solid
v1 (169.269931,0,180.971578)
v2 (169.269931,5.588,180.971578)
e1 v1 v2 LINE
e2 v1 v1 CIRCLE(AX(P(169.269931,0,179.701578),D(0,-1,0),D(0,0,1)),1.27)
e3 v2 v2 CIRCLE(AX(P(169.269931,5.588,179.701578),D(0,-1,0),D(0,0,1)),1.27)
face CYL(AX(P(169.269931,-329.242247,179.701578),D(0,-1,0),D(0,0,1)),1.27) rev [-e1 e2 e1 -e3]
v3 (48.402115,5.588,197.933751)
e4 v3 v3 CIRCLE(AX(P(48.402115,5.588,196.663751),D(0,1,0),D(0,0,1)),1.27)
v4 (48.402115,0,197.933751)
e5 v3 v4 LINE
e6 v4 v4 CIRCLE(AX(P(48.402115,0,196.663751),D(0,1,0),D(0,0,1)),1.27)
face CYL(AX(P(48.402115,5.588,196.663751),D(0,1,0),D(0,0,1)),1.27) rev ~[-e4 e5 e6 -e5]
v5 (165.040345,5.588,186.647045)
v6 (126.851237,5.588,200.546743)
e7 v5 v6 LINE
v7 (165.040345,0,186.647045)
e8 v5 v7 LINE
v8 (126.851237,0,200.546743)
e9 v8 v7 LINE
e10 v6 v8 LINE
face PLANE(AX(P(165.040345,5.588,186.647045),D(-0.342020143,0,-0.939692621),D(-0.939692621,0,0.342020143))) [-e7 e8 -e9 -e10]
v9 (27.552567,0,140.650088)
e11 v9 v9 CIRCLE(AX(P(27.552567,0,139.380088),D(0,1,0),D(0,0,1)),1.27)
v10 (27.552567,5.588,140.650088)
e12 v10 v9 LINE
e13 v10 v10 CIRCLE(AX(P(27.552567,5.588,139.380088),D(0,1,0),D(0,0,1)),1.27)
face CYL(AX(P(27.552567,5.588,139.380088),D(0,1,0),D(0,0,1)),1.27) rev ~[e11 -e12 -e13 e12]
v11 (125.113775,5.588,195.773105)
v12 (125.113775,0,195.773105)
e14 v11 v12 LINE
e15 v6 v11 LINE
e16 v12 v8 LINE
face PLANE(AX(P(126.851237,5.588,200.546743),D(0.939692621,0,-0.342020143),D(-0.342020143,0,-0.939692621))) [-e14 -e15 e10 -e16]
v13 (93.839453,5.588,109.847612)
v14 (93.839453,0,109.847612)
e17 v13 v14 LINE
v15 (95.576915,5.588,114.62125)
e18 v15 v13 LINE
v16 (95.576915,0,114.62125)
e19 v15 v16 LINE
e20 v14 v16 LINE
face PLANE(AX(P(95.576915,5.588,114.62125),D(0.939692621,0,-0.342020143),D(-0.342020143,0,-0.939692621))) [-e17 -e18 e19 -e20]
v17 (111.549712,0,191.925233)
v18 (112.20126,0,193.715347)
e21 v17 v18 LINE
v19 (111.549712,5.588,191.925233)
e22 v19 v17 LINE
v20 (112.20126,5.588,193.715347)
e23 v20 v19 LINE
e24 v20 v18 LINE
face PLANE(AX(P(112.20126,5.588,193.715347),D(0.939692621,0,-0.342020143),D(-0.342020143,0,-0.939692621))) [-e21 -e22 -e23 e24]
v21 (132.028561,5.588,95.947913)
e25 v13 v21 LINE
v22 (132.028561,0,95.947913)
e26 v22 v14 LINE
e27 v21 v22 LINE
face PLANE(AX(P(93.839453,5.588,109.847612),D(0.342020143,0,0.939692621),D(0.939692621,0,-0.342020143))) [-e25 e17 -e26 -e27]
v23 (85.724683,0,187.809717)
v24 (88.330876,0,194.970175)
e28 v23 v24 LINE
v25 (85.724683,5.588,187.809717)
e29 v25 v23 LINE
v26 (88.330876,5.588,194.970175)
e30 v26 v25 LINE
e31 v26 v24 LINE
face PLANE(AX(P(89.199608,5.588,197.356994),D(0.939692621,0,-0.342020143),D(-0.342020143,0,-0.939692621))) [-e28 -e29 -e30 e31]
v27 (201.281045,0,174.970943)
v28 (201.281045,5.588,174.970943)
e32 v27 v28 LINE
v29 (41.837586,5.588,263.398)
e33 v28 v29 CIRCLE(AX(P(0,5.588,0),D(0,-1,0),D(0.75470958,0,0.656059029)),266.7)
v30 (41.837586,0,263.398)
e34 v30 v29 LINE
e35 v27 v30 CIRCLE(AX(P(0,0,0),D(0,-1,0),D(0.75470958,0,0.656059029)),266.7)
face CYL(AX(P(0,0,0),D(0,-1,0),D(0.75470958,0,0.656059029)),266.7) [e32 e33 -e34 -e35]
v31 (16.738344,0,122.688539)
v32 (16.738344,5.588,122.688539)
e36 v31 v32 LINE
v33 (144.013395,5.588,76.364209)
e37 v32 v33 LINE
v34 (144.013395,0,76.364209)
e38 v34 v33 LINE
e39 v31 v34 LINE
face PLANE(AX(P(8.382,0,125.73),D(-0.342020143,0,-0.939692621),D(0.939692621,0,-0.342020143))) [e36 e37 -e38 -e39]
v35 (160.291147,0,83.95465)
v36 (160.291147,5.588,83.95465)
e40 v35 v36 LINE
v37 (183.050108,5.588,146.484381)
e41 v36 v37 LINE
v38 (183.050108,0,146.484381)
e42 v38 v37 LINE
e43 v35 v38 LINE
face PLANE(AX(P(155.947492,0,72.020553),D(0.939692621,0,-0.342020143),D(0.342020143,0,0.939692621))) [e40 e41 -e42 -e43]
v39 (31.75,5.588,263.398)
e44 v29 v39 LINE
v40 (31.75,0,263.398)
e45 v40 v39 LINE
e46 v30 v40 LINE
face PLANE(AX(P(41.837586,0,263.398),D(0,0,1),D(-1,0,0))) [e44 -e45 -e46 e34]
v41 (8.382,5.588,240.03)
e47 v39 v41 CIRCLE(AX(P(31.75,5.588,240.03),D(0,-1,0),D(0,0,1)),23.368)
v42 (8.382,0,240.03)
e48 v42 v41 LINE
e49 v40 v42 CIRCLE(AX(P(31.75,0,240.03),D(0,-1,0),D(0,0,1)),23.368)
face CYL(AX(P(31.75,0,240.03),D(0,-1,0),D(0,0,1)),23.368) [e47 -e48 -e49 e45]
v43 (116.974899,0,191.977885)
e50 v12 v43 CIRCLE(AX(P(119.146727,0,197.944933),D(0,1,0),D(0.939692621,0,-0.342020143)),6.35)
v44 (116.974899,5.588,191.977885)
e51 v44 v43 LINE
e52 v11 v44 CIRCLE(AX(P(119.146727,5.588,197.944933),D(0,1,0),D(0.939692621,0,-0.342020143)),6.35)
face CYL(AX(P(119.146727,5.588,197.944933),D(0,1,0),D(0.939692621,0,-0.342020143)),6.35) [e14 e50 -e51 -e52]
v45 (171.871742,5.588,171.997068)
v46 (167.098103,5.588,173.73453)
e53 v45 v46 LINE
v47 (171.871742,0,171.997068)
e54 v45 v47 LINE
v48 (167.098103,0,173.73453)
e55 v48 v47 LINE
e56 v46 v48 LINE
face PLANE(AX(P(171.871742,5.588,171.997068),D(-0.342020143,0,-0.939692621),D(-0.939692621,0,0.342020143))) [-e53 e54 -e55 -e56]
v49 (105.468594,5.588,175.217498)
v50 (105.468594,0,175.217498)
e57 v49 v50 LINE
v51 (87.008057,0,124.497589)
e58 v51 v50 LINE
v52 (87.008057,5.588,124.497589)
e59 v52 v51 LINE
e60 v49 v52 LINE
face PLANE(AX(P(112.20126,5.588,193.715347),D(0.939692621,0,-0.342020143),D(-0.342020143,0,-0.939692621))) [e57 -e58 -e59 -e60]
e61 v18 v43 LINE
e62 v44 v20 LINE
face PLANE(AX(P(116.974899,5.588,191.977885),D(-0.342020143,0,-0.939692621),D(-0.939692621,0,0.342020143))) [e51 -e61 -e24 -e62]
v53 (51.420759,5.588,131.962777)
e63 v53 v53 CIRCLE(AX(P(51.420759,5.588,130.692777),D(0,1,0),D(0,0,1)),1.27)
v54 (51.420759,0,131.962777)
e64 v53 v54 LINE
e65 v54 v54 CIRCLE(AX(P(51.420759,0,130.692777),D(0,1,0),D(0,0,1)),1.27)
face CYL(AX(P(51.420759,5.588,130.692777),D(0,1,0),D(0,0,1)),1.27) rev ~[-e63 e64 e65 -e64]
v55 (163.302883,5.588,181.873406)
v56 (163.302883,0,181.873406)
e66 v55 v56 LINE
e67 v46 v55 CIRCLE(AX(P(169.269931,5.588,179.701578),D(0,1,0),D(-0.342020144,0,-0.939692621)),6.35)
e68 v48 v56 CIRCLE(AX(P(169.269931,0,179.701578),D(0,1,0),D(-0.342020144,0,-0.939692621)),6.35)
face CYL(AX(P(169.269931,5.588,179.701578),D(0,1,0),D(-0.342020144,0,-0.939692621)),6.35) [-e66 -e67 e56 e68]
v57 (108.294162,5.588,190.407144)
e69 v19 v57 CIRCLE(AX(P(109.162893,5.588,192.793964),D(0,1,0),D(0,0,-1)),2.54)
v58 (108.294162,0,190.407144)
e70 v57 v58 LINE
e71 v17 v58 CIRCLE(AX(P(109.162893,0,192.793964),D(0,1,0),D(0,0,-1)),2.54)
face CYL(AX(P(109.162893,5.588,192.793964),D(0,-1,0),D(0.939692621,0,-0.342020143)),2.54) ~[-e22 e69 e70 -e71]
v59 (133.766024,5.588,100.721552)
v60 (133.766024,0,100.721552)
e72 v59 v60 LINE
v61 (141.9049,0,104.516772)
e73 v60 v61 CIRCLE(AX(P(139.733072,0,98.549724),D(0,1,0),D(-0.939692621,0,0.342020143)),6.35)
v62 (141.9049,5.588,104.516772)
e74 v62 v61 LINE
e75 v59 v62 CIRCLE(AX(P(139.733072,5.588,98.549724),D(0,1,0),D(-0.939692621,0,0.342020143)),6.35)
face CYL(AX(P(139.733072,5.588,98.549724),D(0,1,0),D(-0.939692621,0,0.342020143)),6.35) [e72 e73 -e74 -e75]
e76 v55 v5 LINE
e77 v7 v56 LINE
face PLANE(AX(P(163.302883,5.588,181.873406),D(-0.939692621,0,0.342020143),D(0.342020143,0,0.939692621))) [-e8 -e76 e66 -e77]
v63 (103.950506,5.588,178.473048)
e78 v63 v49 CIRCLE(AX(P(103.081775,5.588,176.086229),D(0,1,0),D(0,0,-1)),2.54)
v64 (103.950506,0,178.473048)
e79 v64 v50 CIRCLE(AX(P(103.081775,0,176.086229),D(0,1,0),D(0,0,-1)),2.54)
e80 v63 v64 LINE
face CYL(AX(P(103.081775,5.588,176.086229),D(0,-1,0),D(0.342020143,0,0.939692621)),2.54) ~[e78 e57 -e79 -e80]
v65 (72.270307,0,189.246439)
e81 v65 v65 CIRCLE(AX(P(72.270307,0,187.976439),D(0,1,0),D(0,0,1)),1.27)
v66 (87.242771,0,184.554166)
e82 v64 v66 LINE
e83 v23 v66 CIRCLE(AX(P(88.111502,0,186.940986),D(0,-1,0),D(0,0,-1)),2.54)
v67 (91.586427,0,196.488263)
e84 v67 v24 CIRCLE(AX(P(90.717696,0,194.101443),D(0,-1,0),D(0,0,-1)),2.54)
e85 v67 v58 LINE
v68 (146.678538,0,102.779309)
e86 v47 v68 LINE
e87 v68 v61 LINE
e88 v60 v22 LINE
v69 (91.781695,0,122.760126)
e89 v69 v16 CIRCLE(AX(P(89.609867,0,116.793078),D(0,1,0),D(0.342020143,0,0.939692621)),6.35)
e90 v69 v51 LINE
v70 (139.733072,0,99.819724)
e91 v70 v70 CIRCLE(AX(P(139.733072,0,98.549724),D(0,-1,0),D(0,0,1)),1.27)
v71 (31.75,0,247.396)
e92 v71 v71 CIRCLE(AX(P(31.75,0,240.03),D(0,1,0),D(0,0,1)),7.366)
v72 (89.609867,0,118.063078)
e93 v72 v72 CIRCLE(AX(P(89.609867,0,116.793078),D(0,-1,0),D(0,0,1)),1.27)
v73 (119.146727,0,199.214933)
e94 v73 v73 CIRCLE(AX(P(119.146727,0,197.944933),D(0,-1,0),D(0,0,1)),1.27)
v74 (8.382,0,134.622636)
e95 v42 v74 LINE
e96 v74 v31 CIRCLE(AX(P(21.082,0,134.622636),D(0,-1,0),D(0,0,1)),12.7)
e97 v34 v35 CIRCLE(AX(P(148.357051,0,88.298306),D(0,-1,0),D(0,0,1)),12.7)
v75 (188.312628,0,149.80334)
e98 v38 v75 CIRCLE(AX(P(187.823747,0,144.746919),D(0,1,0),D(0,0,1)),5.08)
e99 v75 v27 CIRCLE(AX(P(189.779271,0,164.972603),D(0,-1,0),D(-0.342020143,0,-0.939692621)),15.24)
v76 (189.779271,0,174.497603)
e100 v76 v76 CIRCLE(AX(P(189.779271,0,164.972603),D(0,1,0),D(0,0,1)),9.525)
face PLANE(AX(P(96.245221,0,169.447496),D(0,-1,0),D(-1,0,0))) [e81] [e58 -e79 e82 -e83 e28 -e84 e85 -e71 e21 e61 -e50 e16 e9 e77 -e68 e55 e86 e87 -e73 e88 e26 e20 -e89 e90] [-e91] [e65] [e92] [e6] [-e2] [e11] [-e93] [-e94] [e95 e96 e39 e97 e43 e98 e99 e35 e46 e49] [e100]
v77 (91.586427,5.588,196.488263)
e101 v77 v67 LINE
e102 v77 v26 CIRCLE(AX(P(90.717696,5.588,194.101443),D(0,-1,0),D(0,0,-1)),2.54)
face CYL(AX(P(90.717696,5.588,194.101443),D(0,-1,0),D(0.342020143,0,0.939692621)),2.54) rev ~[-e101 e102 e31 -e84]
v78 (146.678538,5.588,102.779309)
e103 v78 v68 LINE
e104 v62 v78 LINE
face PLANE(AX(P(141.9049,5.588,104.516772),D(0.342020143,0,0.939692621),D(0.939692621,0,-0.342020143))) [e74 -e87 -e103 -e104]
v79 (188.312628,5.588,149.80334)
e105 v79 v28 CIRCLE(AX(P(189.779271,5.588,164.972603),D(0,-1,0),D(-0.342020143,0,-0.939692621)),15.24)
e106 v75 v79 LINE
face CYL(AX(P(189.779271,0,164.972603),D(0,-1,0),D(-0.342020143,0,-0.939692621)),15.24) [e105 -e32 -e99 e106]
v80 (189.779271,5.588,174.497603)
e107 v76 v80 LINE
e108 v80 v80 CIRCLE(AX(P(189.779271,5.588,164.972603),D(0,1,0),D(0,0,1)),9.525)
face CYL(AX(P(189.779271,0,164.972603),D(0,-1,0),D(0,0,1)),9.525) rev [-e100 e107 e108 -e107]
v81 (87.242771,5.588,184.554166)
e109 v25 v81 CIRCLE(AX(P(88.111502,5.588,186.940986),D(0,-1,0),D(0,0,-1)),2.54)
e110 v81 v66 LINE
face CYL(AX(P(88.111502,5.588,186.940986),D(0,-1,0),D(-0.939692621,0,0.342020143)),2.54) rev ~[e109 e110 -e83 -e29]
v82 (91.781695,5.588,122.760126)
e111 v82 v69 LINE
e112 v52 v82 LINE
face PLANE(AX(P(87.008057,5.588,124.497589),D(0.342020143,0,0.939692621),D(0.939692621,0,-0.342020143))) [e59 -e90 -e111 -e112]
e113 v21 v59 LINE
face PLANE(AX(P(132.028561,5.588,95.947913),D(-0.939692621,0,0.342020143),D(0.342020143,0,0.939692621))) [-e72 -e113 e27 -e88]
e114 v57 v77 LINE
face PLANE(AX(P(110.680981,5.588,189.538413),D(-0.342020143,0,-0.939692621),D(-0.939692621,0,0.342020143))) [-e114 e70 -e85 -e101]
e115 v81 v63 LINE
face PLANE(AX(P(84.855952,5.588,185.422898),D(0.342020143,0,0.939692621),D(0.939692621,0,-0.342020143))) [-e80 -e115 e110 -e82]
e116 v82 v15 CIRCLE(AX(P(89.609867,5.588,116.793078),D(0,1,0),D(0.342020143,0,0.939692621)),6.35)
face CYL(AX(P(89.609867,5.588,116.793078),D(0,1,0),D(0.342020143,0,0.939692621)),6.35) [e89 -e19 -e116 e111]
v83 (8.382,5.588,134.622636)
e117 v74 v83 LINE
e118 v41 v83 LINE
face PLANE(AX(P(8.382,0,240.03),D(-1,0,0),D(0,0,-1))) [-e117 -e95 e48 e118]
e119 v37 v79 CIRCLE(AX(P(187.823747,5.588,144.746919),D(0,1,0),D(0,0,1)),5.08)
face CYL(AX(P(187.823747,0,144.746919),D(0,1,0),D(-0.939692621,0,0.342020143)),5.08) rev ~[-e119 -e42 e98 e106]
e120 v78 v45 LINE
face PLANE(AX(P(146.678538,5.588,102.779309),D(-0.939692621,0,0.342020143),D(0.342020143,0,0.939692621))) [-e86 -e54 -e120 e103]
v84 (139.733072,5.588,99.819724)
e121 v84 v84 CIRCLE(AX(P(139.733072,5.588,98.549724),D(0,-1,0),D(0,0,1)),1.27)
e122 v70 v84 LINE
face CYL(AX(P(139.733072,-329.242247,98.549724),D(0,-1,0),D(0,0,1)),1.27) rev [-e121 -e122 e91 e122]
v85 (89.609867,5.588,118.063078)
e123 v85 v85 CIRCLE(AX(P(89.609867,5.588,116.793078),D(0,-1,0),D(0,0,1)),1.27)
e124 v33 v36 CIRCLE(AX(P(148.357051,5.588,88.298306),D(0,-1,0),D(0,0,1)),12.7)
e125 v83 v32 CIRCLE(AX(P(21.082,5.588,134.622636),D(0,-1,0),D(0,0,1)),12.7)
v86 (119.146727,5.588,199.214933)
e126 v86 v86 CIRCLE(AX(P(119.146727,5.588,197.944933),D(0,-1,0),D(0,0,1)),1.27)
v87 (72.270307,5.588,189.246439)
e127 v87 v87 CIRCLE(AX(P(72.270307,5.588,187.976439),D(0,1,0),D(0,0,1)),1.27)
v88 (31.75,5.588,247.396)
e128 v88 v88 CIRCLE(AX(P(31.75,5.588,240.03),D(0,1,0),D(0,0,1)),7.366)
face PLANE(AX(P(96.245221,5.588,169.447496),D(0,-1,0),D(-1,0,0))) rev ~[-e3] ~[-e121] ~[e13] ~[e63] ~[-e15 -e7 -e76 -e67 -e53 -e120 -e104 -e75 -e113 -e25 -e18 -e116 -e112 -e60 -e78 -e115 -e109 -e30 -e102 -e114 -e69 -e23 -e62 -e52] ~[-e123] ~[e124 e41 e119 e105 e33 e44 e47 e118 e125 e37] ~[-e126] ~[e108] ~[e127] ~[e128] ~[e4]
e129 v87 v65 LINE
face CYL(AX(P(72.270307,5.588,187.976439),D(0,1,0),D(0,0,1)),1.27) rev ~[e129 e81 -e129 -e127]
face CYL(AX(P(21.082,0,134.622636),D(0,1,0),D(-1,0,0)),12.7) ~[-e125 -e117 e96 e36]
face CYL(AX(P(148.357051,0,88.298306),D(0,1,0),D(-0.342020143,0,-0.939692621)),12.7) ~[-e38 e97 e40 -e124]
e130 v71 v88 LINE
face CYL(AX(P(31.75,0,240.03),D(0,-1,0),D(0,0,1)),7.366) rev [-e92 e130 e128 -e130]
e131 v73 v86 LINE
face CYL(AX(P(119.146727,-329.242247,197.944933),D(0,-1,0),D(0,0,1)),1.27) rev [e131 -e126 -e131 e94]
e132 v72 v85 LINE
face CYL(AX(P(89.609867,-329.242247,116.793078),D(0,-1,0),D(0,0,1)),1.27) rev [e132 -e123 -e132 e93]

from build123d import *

# Parameters (mm, degrees)
SKETCH1_R               = 7.366
SKETCH1_R_2             = 9.525
BOSS_EXTRUDE1_DEPTH     = 5.588
CUT_EXTRUDE1_DEPTH      = 334.830246753
CUT_EXTRUDE1_DEPTH_BACK = 334.830246753
SKETCH2_R               = 1.27
FILLET1_R               = 12.7
FILLET2_R               = 5.08
CUT_EXTRUDE3_DEPTH      = 334.830246753
CUT_EXTRUDE4_DEPTH      = 334.830246753
FILLET3_R               = 2.54
SKETCH6_R               = 1.27
CUT_EXTRUDE5_DEPTH      = 334.830246753


with BuildPart() as part:
    # Sketch1 → Boss-Extrude1 (new body)
    with BuildSketch(Plane(origin=(0, 0, 0), x_dir=(1, 0, 0), z_dir=(0, 1, 0))):
        with BuildLine():
            Line((8.382, -240.03), (8.382, -125.73))
            Line((8.382, -125.73), (155.947491633, -72.020553441))
            Line((155.947491633, -72.020553441), (184.566884059, -150.651687889))
            ThreePointArc((184.566884059, -150.651687889), (202.338954157, -156.340572379), (201.281045045, -174.970943032))
            ThreePointArc((201.281045045, -174.970943032), (129.350312262, -233.232473549), (41.837585925, -263.398))
            Line((41.837585925, -263.398), (31.75, -263.398))
            ThreePointArc((31.75, -263.398), (15.226328737, -256.553671263), (8.382, -240.03))
        make_face()
        with Locations(Location((31.75, -240.03, 0), (0, 0, 270))):
            Circle(SKETCH1_R, mode=Mode.SUBTRACT)
        with Locations(Location((189.779271043, -164.97260343, 0), (0, 0, 270))):
            Circle(SKETCH1_R_2, mode=Mode.SUBTRACT)
    extrude(amount=BOSS_EXTRUDE1_DEPTH)

    # Sketch2 → Cut-Extrude1 (cut, two sides: drawn at the far end of the back side and taken through both)
    with BuildSketch(Plane(origin=(0, 5.588, 0), x_dir=(1, 0, 0), z_dir=(0, 1, 0)).offset(-CUT_EXTRUDE1_DEPTH_BACK)):
        with Locations(Location((169.269931238, -179.701578394, 0), (0, 0, 270))):
            Circle(SKETCH2_R)
        with Locations(Location((119.146726846, -197.944932839, 0), (0, 0, 270))):
            Circle(SKETCH2_R)
        with Locations(Location((89.609867268, -116.793078108, 0), (0, 0, 270))):
            Circle(SKETCH2_R)
        with Locations(Location((139.733071661, -98.549723663, 0), (0, 0, 270))):
            Circle(SKETCH2_R)
    extrude(amount=CUT_EXTRUDE1_DEPTH + CUT_EXTRUDE1_DEPTH_BACK, mode=Mode.SUBTRACT)

    # Fillet1
    fillet1_edges = [part.edges().sort_by_distance(p)[0] for p in [
        (155.947491633, 2.794, 72.020553441),
        (8.382, 2.794, 125.73),
    ]]
    fillet(fillet1_edges, radius=FILLET1_R)

    # Fillet2
    fillet2_edges = [part.edges().sort_by_distance(p)[0] for p in [
        (184.566884059, 2.794, 150.651687889),
    ]]
    fillet(fillet2_edges, radius=FILLET2_R)

    # Sketch4 → Cut-Extrude3 (cut, through all)
    with BuildSketch(Plane(origin=(0, 5.588, 0), x_dir=(1, 0, 0), z_dir=(0, 1, 0))):
        with BuildLine():
            Line((95.57691541, -114.621250198), (93.839453082, -109.847611684))
            Line((93.839453082, -109.847611684), (132.028561191, -95.947913059))
            Line((132.028561191, -95.947913059), (133.766023519, -100.721551573))
            ThreePointArc((133.766023519, -100.721551573), (137.049445699, -104.304778111), (141.904899571, -104.516771805))
            Line((141.904899571, -104.516771805), (146.678538084, -102.779309477))
            Line((146.678538084, -102.779309477), (171.871741842, -171.997067924))
            Line((171.871741842, -171.997067924), (167.098103328, -173.734530252))
            ThreePointArc((167.098103328, -173.734530252), (163.514876791, -177.017952432), (163.302883096, -181.873406304))
            Line((163.302883096, -181.873406304), (165.040345424, -186.647044818))
            Line((165.040345424, -186.647044818), (126.851237316, -200.546743442))
            Line((126.851237316, -200.546743442), (125.113774988, -195.773104929))
            ThreePointArc((125.113774988, -195.773104929), (121.830352808, -192.189878391), (116.974898936, -191.977884697))
            Line((116.974898936, -191.977884697), (112.201260422, -193.715347025))
            Line((112.201260422, -193.715347025), (87.008056665, -124.497588578))
            Line((87.008056665, -124.497588578), (91.781695178, -122.76012625))
            ThreePointArc((91.781695178, -122.76012625), (95.364921716, -119.47670407), (95.57691541, -114.621250198))
        make_face()
    extrude(amount=-CUT_EXTRUDE3_DEPTH, mode=Mode.SUBTRACT)

    # Sketch5 → Cut-Extrude4 (cut, through all)
    with BuildSketch(Plane(origin=(0, 5.588, 0), x_dir=(1, 0, 0), z_dir=(0, 1, 0))):
        Polygon((110.680980885, -189.538413326), (89.199607574, -197.356993802), (84.855951753, -185.422897518), (106.337325065, -177.604317042), align=None)
    extrude(amount=-CUT_EXTRUDE4_DEPTH, mode=Mode.SUBTRACT)

    # Fillet3
    fillet3_edges = [part.edges().sort_by_distance(p)[0] for p in [
        (106.337325065, 2.794, 177.604317042),
        (110.680980885, 2.794, 189.538413326),
        (89.199607574, 2.794, 197.356993802),
        (84.855951753, 2.794, 185.422897518),
    ]]
    fillet(fillet3_edges, radius=FILLET3_R)

    # Sketch6 → Cut-Extrude5 (cut, through all)
    with BuildSketch(Plane(origin=(0, 5.588, 0), x_dir=(1, 0, 0), z_dir=(0, 1, 0))):
        with Locations(Location((51.420759159, -130.692776733, 0), (0, 0, 270))):
            Circle(SKETCH6_R)
        with Locations(Location((27.552566591, -139.380088373, 0), (0, 0, 270))):
            Circle(SKETCH6_R)
        with Locations(Location((48.402114528, -196.663750536, 0), (0, 0, 270))):
            Circle(SKETCH6_R)
        with Locations(Location((72.270307096, -187.976438896, 0), (0, 0, 270))):
            Circle(SKETCH6_R)
    extrude(amount=-CUT_EXTRUDE5_DEPTH, mode=Mode.SUBTRACT)


solid = part.part
